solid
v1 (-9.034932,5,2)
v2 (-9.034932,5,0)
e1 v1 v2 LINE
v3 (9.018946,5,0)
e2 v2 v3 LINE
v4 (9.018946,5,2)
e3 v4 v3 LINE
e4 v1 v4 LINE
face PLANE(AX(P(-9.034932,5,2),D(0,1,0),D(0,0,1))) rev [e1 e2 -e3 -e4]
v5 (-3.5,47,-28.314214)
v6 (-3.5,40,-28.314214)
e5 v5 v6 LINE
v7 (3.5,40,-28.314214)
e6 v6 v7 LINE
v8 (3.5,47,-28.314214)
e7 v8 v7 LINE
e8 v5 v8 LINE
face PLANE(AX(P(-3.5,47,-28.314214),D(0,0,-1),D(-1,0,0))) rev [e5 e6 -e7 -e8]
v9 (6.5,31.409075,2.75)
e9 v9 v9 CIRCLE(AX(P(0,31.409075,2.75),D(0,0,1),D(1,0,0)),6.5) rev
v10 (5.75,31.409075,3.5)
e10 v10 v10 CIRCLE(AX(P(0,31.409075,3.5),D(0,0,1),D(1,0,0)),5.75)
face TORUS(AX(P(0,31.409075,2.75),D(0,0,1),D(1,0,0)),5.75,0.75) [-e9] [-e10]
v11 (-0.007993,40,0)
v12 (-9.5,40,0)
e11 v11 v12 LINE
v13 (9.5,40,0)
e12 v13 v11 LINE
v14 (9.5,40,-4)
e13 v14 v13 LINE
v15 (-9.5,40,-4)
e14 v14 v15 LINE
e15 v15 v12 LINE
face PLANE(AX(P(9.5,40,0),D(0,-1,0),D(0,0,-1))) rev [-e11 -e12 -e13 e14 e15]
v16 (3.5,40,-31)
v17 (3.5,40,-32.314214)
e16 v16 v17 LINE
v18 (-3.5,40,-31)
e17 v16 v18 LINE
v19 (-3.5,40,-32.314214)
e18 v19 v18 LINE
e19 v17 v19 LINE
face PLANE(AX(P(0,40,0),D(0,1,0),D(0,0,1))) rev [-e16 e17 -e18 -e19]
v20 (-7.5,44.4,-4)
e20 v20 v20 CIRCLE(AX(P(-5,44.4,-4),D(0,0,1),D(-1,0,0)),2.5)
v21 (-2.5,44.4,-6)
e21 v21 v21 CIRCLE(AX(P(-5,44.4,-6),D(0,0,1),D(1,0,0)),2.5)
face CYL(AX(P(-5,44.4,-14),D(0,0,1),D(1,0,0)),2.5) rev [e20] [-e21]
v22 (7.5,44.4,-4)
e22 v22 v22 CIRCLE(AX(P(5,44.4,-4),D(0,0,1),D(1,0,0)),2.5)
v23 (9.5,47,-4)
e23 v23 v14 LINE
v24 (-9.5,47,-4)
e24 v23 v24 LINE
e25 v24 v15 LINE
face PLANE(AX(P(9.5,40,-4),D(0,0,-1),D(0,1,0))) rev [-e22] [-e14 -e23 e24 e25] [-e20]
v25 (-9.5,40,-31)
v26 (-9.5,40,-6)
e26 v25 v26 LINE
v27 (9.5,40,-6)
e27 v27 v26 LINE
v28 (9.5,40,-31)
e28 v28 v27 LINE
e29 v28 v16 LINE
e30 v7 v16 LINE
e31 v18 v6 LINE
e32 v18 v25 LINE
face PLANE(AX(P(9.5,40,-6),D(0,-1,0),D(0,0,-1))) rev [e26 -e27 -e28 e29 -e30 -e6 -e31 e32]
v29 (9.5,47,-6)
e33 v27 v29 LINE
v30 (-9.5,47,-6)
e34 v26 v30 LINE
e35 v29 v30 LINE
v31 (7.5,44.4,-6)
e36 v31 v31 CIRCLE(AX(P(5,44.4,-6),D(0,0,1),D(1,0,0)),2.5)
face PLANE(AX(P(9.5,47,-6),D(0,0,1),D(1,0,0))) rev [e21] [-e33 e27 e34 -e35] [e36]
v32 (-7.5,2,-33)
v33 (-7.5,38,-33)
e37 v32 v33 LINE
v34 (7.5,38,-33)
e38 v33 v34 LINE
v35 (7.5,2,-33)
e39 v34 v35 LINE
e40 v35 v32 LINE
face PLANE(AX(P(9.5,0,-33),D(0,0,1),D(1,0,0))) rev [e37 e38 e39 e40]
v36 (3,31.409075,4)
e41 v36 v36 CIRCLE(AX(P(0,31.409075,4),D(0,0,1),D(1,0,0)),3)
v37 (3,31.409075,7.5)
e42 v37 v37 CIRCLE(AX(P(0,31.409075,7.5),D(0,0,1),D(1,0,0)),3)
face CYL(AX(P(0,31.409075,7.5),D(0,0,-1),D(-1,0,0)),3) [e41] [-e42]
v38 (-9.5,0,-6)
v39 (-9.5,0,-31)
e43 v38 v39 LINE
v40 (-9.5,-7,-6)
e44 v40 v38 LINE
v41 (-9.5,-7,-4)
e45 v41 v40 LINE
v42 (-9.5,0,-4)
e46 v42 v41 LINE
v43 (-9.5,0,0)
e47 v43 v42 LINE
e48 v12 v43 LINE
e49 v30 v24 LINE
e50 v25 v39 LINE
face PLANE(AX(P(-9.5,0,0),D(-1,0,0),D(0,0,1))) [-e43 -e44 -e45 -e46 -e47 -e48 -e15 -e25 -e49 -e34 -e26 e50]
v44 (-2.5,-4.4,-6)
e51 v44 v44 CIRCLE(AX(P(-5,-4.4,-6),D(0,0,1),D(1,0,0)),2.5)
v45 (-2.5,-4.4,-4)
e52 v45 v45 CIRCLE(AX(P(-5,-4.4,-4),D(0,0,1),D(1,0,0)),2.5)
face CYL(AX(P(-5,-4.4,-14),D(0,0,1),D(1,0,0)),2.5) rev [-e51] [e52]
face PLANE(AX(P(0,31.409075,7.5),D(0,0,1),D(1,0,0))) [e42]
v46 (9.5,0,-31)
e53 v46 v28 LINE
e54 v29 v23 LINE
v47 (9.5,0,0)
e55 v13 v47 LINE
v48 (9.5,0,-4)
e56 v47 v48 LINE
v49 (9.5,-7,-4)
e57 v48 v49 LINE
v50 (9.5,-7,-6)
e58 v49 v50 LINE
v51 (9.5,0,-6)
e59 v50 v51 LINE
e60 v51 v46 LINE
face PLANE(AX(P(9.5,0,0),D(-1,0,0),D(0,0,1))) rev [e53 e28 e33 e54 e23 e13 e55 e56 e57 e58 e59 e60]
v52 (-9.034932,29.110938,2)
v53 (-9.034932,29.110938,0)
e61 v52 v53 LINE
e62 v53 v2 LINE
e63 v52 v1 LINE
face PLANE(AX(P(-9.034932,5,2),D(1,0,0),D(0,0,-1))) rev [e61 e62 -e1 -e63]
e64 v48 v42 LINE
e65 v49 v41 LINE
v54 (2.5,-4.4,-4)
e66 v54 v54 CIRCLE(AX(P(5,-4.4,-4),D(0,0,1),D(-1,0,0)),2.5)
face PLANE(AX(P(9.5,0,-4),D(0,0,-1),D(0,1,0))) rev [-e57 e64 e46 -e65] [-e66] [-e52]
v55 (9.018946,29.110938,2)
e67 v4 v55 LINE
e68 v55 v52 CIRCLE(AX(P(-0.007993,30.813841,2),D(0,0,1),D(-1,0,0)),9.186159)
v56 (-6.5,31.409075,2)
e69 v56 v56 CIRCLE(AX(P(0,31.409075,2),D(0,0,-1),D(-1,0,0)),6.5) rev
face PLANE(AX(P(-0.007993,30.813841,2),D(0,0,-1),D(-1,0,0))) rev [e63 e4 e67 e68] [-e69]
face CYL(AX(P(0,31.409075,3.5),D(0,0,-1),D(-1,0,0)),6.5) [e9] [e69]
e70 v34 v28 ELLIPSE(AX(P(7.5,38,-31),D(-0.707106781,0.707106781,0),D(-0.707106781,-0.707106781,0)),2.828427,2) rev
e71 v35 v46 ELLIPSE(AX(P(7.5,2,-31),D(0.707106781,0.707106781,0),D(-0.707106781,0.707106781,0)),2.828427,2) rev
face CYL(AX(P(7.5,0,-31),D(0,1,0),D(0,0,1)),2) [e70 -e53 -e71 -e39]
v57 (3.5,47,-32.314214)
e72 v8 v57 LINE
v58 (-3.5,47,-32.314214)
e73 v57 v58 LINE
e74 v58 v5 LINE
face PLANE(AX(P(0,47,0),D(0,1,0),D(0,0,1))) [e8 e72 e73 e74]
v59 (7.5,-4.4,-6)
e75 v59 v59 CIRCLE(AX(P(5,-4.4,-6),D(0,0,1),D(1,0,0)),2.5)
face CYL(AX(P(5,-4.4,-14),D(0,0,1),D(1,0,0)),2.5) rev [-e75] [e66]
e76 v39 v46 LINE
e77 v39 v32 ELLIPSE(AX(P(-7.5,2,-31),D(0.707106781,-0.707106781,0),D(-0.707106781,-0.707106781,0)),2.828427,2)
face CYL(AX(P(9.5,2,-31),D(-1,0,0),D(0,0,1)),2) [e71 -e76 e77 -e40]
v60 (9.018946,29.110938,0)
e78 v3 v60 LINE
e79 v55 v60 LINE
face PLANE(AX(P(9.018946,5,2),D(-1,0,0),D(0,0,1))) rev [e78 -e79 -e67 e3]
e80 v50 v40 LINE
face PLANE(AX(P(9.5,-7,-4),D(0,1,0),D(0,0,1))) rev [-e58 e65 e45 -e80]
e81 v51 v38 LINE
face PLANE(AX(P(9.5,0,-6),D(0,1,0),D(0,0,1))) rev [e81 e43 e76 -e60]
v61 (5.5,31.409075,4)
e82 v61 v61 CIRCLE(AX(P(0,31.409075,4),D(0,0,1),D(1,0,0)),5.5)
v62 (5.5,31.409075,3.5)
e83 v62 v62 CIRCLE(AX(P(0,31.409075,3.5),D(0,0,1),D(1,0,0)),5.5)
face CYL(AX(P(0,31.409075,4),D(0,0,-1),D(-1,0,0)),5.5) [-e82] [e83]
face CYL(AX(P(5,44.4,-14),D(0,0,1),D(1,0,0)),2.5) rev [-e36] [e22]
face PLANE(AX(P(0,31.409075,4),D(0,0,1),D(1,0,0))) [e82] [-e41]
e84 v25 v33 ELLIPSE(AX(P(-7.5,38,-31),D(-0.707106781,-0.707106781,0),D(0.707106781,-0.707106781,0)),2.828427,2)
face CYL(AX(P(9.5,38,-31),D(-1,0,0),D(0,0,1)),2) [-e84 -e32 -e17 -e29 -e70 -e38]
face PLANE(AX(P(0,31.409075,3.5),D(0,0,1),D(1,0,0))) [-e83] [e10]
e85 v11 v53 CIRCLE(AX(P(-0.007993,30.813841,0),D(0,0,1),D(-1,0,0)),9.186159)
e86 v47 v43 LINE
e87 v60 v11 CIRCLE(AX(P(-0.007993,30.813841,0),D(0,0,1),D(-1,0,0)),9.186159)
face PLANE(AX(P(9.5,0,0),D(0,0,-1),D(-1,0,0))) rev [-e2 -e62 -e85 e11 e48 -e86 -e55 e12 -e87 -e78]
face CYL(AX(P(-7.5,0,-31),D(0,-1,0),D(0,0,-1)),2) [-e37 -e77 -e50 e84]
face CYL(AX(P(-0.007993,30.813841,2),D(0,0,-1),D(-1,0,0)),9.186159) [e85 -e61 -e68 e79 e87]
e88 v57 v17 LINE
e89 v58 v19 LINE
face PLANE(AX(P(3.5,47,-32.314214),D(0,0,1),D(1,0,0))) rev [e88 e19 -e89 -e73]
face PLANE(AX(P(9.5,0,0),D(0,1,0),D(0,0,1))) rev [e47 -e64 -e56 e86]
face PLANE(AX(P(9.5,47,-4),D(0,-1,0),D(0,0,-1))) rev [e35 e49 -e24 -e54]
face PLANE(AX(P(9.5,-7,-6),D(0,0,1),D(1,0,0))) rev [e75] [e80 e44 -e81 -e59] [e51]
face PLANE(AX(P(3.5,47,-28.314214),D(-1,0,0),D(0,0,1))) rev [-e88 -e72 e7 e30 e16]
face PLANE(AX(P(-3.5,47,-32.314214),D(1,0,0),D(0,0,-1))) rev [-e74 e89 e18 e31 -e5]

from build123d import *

# Parameters (mm, degrees)
BOSS_EXTRU_1_DEPTH       = 9.5
ESQUISSE3_R              = 2.5
ENL_V_MAT_EXTRU_40_DEPTH = 10
BOSS_EXTRU_2_DEPTH       = 2
CONG_1_R                 = 2
ESQUISSE5_R              = 6.5
BOSS_EXTRU_3_DEPTH       = 1.5
CONG_2_R                 = 0.75
ESQUISSE6_R              = 5.5
BOSS_EXTRU_4_DEPTH       = 0.5
ESQUISSE7_R              = 3
BOSS_EXTRU_5_DEPTH       = 3.5
ESQUISSE8_W              = 7
ESQUISSE8_H              = 4
BOSS_EXTRU_6_DEPTH       = 7


with BuildPart() as part:
    # Esquisse1 → Boss.-Extru.1 (new, symmetric)
    with BuildSketch(Plane(origin=(0, 0, 0), x_dir=(0, 0, -1), z_dir=(1, 0, 0))):
        Polygon((0, 0), (4, 0), (4, -7), (6, -7), (6, 0), (33, 0), (33, 40), (6, 40), (6, 47), (4, 47), (4, 40), (0, 40), align=None)
    extrude(amount=BOSS_EXTRU_1_DEPTH, both=True)

    # Esquisse3 → Enlèv. mat.-Extru.40 (cut)
    with BuildSketch(Plane.XY.offset(-4)):
        with Locations((5, 44.4)):
            Circle(ESQUISSE3_R)
        with Locations((-5, 44.4)):
            Circle(ESQUISSE3_R)
        with Locations((5, -4.4)):
            Circle(ESQUISSE3_R)
        with Locations((-5, -4.4)):
            Circle(ESQUISSE3_R)
    extrude(amount=-ENL_V_MAT_EXTRU_40_DEPTH, mode=Mode.SUBTRACT)

    # Esquisse4 → Boss.-Extru.2 (add)
    with BuildSketch(Plane.XY):
        with BuildLine():
            Line((-9.034932354, 5), (9.018945802, 5))
            Line((9.018945802, 5), (9.018945802, 29.110938176))
            ThreePointArc((9.018945802, 29.110938176), (-0.007993276, 40), (-9.034932354, 29.110938176))
            Line((-9.034932354, 29.110938176), (-9.034932354, 5))
        make_face()
    extrude(amount=BOSS_EXTRU_2_DEPTH)

    # Congé1
    cong_1_edges = [part.edges().sort_by_distance(p)[0] for p in [
        (-9.5, 20, -33),
        (0, 40, -33),
        (0, 0, -33),
        (9.5, 20, -33),
    ]]
    fillet(cong_1_edges, radius=CONG_1_R)

    # Esquisse5 → Boss.-Extru.3 (add)
    with BuildSketch(Plane.XY.offset(2)):
        with Locations(Location((0, 31.4090745, 0), (0, 0, 180))):
            Circle(ESQUISSE5_R)
    extrude(amount=BOSS_EXTRU_3_DEPTH)

    # Congé2
    cong_2_edges = [part.edges().sort_by_distance(p)[0] for p in [
        (6.5, 31.4090745, 3.5),
    ]]
    fillet(cong_2_edges, radius=CONG_2_R)

    # Esquisse6 → Boss.-Extru.4 (add)
    with BuildSketch(Plane.XY.offset(3.5)):
        with Locations((0, 31.4090745)):
            Circle(ESQUISSE6_R)
    extrude(amount=BOSS_EXTRU_4_DEPTH)

    # Esquisse7 → Boss.-Extru.5 (add)
    with BuildSketch(Plane.XY.offset(4)):
        with Locations((0, 31.4090745)):
            Circle(ESQUISSE7_R)
    extrude(amount=BOSS_EXTRU_5_DEPTH)

    # Esquisse8 → Boss.-Extru.6 (add)
    with BuildSketch(Plane(origin=(0, 40, 0), x_dir=(1, 0, 0), z_dir=(0, 1, 0))):
        with Locations((0, 30.314213562)):
            Rectangle(ESQUISSE8_W, ESQUISSE8_H)
    extrude(amount=BOSS_EXTRU_6_DEPTH)


solid = part.part
